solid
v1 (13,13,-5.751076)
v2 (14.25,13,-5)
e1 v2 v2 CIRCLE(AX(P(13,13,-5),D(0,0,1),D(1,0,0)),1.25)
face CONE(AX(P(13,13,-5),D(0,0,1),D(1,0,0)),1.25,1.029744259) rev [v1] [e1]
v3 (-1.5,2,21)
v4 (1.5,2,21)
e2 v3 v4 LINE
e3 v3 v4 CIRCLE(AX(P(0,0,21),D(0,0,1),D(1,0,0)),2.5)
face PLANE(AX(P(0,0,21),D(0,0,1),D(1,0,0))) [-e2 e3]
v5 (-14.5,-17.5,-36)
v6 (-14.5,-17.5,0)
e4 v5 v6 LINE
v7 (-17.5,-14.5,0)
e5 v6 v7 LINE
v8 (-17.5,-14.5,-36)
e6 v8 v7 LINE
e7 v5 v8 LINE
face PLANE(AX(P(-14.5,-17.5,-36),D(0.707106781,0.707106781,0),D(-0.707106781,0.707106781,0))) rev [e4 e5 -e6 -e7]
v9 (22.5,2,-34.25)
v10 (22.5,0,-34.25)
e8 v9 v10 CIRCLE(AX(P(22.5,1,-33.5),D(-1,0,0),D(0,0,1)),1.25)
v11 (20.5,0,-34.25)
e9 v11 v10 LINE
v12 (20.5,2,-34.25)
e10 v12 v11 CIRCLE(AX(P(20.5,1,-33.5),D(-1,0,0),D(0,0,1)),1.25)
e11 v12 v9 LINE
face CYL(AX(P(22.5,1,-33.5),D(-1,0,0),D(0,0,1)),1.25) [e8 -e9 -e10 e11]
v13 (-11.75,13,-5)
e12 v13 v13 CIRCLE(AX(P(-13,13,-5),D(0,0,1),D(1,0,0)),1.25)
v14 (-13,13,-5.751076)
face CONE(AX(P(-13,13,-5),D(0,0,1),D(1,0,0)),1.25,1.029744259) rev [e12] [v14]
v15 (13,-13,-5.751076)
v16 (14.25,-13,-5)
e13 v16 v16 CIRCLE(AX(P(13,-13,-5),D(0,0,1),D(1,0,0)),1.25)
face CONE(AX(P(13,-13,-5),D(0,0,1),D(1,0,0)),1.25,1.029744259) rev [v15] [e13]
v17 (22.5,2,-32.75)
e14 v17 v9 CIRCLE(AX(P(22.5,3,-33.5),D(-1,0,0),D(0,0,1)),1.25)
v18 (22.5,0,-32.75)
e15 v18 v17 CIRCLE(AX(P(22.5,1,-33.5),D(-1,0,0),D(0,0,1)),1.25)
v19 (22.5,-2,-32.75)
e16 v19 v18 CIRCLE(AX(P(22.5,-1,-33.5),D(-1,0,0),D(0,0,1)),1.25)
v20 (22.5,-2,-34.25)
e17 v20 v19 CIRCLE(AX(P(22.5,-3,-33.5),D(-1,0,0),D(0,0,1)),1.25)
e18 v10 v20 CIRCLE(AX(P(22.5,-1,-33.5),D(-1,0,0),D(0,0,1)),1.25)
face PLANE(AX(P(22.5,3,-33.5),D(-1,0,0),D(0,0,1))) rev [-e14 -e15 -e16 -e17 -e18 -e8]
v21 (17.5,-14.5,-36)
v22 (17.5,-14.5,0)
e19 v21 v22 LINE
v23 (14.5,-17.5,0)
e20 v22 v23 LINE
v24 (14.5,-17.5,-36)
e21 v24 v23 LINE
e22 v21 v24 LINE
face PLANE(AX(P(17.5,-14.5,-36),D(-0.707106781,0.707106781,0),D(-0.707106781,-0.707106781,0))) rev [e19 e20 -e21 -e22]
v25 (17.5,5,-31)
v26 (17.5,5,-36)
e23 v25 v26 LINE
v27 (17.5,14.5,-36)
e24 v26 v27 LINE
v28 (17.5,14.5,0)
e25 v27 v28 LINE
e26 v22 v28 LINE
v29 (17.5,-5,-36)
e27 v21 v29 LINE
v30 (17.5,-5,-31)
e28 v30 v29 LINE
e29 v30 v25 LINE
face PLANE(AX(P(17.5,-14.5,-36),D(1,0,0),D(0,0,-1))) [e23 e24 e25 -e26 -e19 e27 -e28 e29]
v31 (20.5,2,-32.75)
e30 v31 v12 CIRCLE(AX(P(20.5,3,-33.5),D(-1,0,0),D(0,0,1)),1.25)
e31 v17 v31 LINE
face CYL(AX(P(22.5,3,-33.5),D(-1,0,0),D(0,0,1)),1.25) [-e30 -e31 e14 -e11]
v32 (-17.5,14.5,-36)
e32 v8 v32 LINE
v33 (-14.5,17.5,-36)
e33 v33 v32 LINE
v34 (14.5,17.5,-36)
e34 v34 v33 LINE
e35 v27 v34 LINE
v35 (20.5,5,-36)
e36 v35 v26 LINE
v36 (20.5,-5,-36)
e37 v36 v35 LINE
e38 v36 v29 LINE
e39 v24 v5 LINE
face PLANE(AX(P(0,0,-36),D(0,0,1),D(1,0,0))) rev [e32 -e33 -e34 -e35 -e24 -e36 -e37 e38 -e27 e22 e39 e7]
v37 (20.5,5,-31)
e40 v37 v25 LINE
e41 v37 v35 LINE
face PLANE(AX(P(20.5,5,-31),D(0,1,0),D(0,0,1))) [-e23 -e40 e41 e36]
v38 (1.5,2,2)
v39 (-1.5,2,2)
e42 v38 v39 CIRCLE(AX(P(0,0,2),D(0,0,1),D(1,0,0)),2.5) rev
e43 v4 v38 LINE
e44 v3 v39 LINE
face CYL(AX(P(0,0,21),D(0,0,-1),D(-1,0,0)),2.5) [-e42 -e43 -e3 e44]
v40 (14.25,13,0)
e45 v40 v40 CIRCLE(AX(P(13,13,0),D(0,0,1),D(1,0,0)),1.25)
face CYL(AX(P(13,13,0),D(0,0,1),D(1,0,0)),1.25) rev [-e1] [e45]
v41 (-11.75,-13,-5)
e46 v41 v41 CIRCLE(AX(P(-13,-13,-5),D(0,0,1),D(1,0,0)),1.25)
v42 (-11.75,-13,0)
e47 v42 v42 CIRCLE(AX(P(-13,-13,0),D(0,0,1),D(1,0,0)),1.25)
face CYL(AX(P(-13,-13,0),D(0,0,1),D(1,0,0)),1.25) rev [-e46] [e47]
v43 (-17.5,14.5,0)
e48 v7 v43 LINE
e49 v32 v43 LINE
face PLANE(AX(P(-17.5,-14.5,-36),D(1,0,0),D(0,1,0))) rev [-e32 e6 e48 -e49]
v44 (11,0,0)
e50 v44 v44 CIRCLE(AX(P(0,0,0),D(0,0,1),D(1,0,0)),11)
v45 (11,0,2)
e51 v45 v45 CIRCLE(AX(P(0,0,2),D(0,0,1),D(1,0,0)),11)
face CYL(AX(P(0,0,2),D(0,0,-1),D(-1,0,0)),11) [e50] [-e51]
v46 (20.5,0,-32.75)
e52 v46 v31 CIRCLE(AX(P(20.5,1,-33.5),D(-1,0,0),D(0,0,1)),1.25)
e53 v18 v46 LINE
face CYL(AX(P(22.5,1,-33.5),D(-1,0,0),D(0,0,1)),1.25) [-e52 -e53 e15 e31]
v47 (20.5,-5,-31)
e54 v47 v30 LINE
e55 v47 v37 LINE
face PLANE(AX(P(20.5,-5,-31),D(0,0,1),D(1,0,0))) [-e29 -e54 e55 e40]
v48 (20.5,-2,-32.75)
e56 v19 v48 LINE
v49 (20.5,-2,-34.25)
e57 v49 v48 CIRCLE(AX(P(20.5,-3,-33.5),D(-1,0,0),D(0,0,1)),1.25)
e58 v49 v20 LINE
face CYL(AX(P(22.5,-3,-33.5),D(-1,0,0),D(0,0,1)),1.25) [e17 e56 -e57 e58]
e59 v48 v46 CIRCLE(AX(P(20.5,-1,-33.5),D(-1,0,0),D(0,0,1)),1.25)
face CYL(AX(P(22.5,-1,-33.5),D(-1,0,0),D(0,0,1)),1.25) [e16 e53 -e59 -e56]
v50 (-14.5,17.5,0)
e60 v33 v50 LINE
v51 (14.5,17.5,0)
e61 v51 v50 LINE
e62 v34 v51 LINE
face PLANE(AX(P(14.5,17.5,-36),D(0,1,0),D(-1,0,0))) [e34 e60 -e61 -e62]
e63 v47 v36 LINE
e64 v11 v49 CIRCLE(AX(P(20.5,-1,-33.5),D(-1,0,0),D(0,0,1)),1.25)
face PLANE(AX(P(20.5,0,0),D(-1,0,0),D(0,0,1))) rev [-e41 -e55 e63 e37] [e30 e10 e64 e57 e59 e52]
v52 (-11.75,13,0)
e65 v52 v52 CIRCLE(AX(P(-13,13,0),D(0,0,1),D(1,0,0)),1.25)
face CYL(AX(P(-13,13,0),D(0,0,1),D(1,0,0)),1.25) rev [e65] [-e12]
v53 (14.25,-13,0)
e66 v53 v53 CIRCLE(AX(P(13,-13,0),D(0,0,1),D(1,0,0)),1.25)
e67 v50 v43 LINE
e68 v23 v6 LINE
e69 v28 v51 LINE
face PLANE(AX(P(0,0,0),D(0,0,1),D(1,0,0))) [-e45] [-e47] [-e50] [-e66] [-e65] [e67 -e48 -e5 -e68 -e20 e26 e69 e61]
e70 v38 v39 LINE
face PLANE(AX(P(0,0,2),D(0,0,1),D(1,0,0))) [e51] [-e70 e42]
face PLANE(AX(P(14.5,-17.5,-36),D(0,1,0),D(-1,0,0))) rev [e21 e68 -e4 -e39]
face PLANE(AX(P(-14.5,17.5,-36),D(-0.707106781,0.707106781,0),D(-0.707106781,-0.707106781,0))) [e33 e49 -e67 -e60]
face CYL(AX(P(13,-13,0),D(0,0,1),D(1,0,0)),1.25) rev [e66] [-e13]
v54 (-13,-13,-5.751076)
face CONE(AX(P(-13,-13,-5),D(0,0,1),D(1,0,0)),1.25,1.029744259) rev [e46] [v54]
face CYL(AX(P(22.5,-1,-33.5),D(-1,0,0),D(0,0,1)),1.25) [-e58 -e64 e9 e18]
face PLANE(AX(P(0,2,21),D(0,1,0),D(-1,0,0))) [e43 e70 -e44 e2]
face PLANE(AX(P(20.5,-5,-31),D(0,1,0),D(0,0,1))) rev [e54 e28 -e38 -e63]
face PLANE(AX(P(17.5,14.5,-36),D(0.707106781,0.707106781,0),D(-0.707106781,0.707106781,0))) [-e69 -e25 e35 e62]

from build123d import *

# Parameters (mm, degrees)
BOSS_EXTRUDE1_DEPTH       = 36
SKETCH1_3_R               = 11
BOSS_EXTRUDE2_DEPTH       = 2
M3X0_5_TAPPED_HOLE1_D     = 2.5
M3X0_5_TAPPED_HOLE1_DEPTH = 5
M3X0_5_TAPPED_HOLE1_TIP   = 0.751075774
BOSS_EXTRUDE3_DEPTH       = 21
SKETCH4_W                 = 5
SKETCH4_H                 = 10
BOSS_EXTRUDE4_DEPTH       = 3
BOSS_EXTRUDE5_START       = 3
SKETCH4_3_R               = 1.25
BOSS_EXTRUDE5_DEPTH       = 2


with BuildPart() as part:
    # Sketch1 → Boss-Extrude1 (new body)
    with BuildSketch(Plane.XY):
        Polygon((-14.5, 17.5), (-17.5, 14.5), (-17.5, -14.5), (-14.5, -17.5), (14.5, -17.5), (17.5, -14.5), (17.5, 14.5), (14.5, 17.5), align=None)
    extrude(amount=-BOSS_EXTRUDE1_DEPTH)

    # Sketch1<3> → Boss-Extrude2 (add)
    with BuildSketch(Plane.XY):
        Circle(SKETCH1_3_R)
    extrude(amount=BOSS_EXTRUDE2_DEPTH)

    # M3x0.5 Tapped Hole1
    with Locations(Plane.XY):
        with Locations((13, 13), (-13, 13), (-13, -13), (13, -13)):
            Hole(M3X0_5_TAPPED_HOLE1_D / 2, depth=M3X0_5_TAPPED_HOLE1_DEPTH)
            with Locations((0, 0, -(M3X0_5_TAPPED_HOLE1_DEPTH + M3X0_5_TAPPED_HOLE1_TIP / 2))):  # 118° drill point
                Cone(0, M3X0_5_TAPPED_HOLE1_D / 2, M3X0_5_TAPPED_HOLE1_TIP, mode=Mode.SUBTRACT)

    # Sketch1<4> → Boss-Extrude3 (add)
    with BuildSketch(Plane.XY):
        with BuildLine():
            Line((-1.5, 2), (1.5, 2))
            ThreePointArc((1.5, 2), (0, -2.5), (-1.5, 2))
        make_face()
    extrude(amount=BOSS_EXTRUDE3_DEPTH)

    # Sketch4 → Boss-Extrude4 (add)
    with BuildSketch(Plane(origin=(17.5, 0, 0), x_dir=(0, 0, -1), z_dir=(1, 0, 0))):
        with Locations((33.5, 0)):
            Rectangle(SKETCH4_W, SKETCH4_H)
    extrude(amount=BOSS_EXTRUDE4_DEPTH)

    # Sketch4<3> → Boss-Extrude5 (add)
    with BuildSketch(Plane(origin=(17.5, 0, 0), x_dir=(0, 0, -1), z_dir=(1, 0, 0)).offset(BOSS_EXTRUDE5_START)):
        with Locations((33.5, 3)):
            Circle(SKETCH4_3_R)
        with Locations((33.5, 1)):
            Circle(SKETCH4_3_R)
        with Locations((33.5, -1)):
            Circle(SKETCH4_3_R)
        with Locations((33.5, -3)):
            Circle(SKETCH4_3_R)
    extrude(amount=BOSS_EXTRUDE5_DEPTH)


solid = part.part
